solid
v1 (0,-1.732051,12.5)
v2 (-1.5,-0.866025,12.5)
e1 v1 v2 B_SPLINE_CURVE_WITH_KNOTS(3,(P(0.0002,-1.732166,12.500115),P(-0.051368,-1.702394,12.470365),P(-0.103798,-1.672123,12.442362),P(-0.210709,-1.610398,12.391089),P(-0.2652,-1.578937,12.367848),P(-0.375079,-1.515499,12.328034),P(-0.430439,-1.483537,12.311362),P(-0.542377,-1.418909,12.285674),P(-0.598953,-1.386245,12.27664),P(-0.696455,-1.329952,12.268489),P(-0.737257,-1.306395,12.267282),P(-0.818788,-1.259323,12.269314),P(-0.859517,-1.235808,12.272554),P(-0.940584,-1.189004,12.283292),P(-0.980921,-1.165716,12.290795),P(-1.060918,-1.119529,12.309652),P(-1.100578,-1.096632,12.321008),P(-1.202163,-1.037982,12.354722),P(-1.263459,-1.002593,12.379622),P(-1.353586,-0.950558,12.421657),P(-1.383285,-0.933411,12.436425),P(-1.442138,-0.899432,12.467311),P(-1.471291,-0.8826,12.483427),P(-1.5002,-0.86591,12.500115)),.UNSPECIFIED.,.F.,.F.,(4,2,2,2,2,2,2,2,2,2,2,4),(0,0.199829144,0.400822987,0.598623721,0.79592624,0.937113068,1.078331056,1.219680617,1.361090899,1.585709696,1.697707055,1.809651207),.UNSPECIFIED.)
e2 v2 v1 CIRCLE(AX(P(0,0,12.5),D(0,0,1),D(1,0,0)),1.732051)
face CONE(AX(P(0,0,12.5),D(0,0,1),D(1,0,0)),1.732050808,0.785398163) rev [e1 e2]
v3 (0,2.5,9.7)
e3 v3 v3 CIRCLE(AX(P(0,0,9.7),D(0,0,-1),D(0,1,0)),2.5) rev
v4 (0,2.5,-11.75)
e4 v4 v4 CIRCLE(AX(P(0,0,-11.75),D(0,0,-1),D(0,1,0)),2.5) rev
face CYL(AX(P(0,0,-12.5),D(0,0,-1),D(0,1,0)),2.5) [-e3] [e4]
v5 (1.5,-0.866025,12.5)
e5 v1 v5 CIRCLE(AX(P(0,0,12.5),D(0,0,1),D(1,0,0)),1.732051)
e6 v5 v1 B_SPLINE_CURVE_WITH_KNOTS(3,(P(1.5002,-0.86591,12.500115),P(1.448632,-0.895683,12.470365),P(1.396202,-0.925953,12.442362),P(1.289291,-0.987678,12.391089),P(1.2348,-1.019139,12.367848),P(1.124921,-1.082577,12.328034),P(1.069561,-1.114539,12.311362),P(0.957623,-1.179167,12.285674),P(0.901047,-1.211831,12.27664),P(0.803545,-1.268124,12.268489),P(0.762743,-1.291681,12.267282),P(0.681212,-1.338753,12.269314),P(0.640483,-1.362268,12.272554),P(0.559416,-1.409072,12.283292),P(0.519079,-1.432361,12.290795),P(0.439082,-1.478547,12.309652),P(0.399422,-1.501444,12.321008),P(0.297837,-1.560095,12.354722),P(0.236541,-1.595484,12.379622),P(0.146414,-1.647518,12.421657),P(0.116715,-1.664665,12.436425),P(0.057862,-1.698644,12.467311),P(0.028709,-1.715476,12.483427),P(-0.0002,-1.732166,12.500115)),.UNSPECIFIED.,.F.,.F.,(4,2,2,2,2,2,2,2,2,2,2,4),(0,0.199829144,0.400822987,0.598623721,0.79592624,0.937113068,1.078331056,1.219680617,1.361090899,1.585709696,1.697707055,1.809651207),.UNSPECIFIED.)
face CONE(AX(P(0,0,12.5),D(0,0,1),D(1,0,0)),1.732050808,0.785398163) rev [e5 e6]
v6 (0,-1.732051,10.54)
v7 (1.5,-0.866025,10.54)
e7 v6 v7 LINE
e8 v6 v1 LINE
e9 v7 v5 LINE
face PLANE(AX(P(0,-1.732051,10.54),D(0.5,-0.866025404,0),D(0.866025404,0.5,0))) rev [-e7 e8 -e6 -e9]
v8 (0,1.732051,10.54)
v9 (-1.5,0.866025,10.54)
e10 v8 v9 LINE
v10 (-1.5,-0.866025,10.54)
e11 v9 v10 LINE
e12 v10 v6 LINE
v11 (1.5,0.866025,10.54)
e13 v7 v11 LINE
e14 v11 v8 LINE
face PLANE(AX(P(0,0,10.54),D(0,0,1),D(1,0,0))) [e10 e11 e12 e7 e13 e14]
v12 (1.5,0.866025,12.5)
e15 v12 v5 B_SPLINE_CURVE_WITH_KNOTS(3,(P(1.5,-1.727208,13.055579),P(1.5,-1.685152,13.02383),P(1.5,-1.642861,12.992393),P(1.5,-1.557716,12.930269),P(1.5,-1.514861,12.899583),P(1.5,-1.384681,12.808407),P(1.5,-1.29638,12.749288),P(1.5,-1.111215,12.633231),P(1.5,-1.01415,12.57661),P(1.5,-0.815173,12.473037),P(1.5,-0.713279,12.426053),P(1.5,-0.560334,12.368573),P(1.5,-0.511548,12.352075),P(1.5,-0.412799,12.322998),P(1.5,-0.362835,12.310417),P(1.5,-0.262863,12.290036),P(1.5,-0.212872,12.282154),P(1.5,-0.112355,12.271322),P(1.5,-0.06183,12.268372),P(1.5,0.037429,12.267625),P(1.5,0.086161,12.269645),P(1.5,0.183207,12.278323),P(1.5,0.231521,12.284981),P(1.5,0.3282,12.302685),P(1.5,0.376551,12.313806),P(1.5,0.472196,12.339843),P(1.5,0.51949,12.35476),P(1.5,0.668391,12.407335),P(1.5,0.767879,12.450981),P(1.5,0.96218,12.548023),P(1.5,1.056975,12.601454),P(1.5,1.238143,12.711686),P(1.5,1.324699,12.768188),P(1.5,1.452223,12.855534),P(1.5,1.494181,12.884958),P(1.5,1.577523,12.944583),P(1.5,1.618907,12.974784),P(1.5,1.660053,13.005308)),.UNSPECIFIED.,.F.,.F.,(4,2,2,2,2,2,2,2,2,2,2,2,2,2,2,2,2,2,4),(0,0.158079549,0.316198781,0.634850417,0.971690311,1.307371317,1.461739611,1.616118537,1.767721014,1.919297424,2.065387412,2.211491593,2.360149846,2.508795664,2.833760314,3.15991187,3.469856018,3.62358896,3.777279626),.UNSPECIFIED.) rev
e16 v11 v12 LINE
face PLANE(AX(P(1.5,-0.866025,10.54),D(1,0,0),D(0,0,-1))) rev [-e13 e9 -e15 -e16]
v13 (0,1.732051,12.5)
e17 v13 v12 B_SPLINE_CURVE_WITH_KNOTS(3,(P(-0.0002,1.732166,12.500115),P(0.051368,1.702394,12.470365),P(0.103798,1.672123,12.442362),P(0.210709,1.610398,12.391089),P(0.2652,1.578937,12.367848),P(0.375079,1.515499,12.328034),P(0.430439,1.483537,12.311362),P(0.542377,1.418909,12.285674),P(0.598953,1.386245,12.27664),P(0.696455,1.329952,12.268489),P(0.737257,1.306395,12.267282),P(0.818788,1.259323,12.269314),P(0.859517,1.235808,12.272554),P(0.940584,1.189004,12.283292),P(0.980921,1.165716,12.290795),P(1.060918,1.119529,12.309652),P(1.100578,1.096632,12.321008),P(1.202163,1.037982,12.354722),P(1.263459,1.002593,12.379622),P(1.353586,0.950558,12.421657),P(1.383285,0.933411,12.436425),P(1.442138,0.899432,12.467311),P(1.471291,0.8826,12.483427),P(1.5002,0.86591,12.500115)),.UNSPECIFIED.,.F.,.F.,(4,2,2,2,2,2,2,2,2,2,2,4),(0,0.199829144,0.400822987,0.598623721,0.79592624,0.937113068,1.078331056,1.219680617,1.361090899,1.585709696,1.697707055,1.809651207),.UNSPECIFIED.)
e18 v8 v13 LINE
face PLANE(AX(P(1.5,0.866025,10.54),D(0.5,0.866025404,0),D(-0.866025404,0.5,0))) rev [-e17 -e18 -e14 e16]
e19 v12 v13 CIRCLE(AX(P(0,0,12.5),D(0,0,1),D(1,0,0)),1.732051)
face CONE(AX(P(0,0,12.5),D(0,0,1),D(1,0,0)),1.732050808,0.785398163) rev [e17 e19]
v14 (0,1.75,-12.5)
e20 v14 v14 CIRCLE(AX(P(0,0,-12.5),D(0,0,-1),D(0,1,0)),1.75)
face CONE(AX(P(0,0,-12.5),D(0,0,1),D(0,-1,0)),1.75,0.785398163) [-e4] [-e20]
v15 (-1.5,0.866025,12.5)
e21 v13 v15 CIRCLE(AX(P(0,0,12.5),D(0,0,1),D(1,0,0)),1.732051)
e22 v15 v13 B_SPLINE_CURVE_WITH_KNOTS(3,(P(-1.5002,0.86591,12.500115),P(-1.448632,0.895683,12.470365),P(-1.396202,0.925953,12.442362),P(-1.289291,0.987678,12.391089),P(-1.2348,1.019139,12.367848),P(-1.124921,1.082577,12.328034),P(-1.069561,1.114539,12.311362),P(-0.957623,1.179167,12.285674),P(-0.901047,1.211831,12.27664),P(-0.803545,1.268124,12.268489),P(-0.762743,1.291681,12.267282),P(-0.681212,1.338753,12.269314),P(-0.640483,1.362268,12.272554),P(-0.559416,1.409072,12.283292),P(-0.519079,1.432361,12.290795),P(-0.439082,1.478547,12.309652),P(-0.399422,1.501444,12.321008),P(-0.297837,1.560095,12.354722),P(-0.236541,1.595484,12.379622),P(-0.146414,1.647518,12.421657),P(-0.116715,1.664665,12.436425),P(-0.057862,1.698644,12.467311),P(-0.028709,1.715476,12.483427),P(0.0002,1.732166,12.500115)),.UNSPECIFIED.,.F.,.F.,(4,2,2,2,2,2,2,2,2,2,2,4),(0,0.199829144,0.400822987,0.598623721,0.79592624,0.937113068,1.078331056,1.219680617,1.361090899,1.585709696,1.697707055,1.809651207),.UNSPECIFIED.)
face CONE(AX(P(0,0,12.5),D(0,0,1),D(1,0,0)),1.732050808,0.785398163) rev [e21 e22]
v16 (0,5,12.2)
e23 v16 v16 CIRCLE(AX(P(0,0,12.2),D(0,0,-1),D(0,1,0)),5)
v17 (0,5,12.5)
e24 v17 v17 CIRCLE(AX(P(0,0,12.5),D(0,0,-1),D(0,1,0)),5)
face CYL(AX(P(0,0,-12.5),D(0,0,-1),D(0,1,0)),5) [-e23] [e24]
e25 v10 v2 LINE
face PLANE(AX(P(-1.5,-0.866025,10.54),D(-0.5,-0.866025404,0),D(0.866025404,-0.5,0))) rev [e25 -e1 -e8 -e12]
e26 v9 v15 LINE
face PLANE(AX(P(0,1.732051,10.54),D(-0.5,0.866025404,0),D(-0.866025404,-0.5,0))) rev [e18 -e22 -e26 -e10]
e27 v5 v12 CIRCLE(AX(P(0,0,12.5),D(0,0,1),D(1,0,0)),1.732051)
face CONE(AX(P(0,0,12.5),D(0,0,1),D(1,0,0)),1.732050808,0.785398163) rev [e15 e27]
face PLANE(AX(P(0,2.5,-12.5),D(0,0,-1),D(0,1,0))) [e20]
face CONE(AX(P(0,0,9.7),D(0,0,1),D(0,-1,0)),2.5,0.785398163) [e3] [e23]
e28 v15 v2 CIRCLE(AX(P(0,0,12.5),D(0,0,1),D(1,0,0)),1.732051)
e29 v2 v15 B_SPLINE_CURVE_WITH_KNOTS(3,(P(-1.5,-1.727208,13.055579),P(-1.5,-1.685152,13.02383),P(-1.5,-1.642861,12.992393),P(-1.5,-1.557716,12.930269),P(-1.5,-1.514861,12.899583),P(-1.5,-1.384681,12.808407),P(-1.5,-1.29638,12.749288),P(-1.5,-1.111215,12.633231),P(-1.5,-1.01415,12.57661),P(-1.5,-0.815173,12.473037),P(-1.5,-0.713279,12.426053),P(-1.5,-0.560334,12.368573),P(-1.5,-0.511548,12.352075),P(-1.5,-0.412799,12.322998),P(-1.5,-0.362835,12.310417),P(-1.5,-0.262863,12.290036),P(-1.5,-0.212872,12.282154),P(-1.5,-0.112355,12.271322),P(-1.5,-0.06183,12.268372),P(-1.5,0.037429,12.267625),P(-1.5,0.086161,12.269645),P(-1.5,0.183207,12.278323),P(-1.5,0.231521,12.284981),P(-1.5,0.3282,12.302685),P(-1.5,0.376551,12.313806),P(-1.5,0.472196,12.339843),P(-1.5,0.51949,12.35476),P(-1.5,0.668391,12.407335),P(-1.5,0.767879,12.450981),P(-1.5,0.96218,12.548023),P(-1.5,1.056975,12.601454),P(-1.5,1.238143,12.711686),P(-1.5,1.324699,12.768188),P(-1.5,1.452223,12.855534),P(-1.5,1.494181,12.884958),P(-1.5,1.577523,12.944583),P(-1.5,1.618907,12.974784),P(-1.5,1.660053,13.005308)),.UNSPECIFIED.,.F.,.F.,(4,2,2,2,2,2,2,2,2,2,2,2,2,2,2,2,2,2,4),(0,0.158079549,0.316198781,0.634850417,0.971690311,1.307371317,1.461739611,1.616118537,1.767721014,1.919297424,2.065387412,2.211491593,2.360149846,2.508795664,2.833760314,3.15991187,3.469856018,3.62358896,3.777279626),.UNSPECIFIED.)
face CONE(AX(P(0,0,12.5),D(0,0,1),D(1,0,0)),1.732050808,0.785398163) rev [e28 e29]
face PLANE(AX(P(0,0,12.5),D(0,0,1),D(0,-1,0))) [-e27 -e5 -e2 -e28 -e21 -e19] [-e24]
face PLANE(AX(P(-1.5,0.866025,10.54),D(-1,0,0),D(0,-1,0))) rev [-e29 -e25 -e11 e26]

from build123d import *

# Parameters (mm, degrees)
SKETCH3_W          = 25
SKETCH3_H          = 2.5
CHAMFER1_SIZE      = 0.75
CUT_EXTRUDE1_DEPTH = 1.96
SKETCH9_R          = 1.732050808
CUT_EXTRUDE2_DEPTH = 1.96
CUT_EXTRUDE2_DRAFT = -45


with BuildPart() as part:
    # Sketch3 → Revolve1 (revolve)
    with BuildSketch(Plane(origin=(0, 0, 0), x_dir=(0, 0, -1), z_dir=(1, 0, 0))):
        with Locations((0, 1.25)):
            Rectangle(SKETCH3_W, SKETCH3_H)
    revolve(axis=Axis((0, 0, -12.5), (0, 0, 1)))

    # Chamfer1
    chamfer1_edges = [part.edges().sort_by_distance(p)[0] for p in [
        (0, -2.5, -12.5),
    ]]
    chamfer(chamfer1_edges, length=CHAMFER1_SIZE)

    # Sketch6 → Revolve2 (revolve)
    with BuildSketch(Plane(origin=(0, 0, 0), x_dir=(0, 0, -1), z_dir=(1, 0, 0))):
        Polygon((-12.5, 5), (-12.2, 5), (-9.7, 2.5), (-9.7, 0), (-12.5, 0), align=None)
    revolve(axis=Axis((0, 0, -12.5), (0, 0, 1)))

    # Sketch8 → Cut-Extrude1 (cut)
    with BuildSketch(Plane.XY.offset(12.5)):
        Polygon((0, 1.732050808), (-1.5, 0.866025404), (-1.5, -0.866025404), (0, -1.732050808), (1.5, -0.866025404), (1.5, 0.866025404), align=None)
    extrude(amount=-CUT_EXTRUDE1_DEPTH, mode=Mode.SUBTRACT)


with BuildPart() as cut_extrude2_tool:
    # Sketch9 → Cut-Extrude2 (with draft: the straight prism first)
    with BuildSketch(Plane.XY.offset(12.5)):
        Circle(SKETCH9_R)
    extrude(amount=-CUT_EXTRUDE2_DEPTH)
    # Cut-Extrude2: the draft: its side faces are tilted about the plane it starts from
    cut_extrude2_sides = [cut_extrude2_tool.faces().sort_by_distance(p)[0] for p in [
        (-1.732050808, 0, 11.52),
    ]]
    draft(cut_extrude2_sides, Plane.XY.offset(12.5), CUT_EXTRUDE2_DRAFT)


with BuildPart() as part_1:
    add(part.part)

    # Cut-Extrude2: cut by cut_extrude2_tool
    add(cut_extrude2_tool.part, mode=Mode.SUBTRACT)


solid = part_1.part
